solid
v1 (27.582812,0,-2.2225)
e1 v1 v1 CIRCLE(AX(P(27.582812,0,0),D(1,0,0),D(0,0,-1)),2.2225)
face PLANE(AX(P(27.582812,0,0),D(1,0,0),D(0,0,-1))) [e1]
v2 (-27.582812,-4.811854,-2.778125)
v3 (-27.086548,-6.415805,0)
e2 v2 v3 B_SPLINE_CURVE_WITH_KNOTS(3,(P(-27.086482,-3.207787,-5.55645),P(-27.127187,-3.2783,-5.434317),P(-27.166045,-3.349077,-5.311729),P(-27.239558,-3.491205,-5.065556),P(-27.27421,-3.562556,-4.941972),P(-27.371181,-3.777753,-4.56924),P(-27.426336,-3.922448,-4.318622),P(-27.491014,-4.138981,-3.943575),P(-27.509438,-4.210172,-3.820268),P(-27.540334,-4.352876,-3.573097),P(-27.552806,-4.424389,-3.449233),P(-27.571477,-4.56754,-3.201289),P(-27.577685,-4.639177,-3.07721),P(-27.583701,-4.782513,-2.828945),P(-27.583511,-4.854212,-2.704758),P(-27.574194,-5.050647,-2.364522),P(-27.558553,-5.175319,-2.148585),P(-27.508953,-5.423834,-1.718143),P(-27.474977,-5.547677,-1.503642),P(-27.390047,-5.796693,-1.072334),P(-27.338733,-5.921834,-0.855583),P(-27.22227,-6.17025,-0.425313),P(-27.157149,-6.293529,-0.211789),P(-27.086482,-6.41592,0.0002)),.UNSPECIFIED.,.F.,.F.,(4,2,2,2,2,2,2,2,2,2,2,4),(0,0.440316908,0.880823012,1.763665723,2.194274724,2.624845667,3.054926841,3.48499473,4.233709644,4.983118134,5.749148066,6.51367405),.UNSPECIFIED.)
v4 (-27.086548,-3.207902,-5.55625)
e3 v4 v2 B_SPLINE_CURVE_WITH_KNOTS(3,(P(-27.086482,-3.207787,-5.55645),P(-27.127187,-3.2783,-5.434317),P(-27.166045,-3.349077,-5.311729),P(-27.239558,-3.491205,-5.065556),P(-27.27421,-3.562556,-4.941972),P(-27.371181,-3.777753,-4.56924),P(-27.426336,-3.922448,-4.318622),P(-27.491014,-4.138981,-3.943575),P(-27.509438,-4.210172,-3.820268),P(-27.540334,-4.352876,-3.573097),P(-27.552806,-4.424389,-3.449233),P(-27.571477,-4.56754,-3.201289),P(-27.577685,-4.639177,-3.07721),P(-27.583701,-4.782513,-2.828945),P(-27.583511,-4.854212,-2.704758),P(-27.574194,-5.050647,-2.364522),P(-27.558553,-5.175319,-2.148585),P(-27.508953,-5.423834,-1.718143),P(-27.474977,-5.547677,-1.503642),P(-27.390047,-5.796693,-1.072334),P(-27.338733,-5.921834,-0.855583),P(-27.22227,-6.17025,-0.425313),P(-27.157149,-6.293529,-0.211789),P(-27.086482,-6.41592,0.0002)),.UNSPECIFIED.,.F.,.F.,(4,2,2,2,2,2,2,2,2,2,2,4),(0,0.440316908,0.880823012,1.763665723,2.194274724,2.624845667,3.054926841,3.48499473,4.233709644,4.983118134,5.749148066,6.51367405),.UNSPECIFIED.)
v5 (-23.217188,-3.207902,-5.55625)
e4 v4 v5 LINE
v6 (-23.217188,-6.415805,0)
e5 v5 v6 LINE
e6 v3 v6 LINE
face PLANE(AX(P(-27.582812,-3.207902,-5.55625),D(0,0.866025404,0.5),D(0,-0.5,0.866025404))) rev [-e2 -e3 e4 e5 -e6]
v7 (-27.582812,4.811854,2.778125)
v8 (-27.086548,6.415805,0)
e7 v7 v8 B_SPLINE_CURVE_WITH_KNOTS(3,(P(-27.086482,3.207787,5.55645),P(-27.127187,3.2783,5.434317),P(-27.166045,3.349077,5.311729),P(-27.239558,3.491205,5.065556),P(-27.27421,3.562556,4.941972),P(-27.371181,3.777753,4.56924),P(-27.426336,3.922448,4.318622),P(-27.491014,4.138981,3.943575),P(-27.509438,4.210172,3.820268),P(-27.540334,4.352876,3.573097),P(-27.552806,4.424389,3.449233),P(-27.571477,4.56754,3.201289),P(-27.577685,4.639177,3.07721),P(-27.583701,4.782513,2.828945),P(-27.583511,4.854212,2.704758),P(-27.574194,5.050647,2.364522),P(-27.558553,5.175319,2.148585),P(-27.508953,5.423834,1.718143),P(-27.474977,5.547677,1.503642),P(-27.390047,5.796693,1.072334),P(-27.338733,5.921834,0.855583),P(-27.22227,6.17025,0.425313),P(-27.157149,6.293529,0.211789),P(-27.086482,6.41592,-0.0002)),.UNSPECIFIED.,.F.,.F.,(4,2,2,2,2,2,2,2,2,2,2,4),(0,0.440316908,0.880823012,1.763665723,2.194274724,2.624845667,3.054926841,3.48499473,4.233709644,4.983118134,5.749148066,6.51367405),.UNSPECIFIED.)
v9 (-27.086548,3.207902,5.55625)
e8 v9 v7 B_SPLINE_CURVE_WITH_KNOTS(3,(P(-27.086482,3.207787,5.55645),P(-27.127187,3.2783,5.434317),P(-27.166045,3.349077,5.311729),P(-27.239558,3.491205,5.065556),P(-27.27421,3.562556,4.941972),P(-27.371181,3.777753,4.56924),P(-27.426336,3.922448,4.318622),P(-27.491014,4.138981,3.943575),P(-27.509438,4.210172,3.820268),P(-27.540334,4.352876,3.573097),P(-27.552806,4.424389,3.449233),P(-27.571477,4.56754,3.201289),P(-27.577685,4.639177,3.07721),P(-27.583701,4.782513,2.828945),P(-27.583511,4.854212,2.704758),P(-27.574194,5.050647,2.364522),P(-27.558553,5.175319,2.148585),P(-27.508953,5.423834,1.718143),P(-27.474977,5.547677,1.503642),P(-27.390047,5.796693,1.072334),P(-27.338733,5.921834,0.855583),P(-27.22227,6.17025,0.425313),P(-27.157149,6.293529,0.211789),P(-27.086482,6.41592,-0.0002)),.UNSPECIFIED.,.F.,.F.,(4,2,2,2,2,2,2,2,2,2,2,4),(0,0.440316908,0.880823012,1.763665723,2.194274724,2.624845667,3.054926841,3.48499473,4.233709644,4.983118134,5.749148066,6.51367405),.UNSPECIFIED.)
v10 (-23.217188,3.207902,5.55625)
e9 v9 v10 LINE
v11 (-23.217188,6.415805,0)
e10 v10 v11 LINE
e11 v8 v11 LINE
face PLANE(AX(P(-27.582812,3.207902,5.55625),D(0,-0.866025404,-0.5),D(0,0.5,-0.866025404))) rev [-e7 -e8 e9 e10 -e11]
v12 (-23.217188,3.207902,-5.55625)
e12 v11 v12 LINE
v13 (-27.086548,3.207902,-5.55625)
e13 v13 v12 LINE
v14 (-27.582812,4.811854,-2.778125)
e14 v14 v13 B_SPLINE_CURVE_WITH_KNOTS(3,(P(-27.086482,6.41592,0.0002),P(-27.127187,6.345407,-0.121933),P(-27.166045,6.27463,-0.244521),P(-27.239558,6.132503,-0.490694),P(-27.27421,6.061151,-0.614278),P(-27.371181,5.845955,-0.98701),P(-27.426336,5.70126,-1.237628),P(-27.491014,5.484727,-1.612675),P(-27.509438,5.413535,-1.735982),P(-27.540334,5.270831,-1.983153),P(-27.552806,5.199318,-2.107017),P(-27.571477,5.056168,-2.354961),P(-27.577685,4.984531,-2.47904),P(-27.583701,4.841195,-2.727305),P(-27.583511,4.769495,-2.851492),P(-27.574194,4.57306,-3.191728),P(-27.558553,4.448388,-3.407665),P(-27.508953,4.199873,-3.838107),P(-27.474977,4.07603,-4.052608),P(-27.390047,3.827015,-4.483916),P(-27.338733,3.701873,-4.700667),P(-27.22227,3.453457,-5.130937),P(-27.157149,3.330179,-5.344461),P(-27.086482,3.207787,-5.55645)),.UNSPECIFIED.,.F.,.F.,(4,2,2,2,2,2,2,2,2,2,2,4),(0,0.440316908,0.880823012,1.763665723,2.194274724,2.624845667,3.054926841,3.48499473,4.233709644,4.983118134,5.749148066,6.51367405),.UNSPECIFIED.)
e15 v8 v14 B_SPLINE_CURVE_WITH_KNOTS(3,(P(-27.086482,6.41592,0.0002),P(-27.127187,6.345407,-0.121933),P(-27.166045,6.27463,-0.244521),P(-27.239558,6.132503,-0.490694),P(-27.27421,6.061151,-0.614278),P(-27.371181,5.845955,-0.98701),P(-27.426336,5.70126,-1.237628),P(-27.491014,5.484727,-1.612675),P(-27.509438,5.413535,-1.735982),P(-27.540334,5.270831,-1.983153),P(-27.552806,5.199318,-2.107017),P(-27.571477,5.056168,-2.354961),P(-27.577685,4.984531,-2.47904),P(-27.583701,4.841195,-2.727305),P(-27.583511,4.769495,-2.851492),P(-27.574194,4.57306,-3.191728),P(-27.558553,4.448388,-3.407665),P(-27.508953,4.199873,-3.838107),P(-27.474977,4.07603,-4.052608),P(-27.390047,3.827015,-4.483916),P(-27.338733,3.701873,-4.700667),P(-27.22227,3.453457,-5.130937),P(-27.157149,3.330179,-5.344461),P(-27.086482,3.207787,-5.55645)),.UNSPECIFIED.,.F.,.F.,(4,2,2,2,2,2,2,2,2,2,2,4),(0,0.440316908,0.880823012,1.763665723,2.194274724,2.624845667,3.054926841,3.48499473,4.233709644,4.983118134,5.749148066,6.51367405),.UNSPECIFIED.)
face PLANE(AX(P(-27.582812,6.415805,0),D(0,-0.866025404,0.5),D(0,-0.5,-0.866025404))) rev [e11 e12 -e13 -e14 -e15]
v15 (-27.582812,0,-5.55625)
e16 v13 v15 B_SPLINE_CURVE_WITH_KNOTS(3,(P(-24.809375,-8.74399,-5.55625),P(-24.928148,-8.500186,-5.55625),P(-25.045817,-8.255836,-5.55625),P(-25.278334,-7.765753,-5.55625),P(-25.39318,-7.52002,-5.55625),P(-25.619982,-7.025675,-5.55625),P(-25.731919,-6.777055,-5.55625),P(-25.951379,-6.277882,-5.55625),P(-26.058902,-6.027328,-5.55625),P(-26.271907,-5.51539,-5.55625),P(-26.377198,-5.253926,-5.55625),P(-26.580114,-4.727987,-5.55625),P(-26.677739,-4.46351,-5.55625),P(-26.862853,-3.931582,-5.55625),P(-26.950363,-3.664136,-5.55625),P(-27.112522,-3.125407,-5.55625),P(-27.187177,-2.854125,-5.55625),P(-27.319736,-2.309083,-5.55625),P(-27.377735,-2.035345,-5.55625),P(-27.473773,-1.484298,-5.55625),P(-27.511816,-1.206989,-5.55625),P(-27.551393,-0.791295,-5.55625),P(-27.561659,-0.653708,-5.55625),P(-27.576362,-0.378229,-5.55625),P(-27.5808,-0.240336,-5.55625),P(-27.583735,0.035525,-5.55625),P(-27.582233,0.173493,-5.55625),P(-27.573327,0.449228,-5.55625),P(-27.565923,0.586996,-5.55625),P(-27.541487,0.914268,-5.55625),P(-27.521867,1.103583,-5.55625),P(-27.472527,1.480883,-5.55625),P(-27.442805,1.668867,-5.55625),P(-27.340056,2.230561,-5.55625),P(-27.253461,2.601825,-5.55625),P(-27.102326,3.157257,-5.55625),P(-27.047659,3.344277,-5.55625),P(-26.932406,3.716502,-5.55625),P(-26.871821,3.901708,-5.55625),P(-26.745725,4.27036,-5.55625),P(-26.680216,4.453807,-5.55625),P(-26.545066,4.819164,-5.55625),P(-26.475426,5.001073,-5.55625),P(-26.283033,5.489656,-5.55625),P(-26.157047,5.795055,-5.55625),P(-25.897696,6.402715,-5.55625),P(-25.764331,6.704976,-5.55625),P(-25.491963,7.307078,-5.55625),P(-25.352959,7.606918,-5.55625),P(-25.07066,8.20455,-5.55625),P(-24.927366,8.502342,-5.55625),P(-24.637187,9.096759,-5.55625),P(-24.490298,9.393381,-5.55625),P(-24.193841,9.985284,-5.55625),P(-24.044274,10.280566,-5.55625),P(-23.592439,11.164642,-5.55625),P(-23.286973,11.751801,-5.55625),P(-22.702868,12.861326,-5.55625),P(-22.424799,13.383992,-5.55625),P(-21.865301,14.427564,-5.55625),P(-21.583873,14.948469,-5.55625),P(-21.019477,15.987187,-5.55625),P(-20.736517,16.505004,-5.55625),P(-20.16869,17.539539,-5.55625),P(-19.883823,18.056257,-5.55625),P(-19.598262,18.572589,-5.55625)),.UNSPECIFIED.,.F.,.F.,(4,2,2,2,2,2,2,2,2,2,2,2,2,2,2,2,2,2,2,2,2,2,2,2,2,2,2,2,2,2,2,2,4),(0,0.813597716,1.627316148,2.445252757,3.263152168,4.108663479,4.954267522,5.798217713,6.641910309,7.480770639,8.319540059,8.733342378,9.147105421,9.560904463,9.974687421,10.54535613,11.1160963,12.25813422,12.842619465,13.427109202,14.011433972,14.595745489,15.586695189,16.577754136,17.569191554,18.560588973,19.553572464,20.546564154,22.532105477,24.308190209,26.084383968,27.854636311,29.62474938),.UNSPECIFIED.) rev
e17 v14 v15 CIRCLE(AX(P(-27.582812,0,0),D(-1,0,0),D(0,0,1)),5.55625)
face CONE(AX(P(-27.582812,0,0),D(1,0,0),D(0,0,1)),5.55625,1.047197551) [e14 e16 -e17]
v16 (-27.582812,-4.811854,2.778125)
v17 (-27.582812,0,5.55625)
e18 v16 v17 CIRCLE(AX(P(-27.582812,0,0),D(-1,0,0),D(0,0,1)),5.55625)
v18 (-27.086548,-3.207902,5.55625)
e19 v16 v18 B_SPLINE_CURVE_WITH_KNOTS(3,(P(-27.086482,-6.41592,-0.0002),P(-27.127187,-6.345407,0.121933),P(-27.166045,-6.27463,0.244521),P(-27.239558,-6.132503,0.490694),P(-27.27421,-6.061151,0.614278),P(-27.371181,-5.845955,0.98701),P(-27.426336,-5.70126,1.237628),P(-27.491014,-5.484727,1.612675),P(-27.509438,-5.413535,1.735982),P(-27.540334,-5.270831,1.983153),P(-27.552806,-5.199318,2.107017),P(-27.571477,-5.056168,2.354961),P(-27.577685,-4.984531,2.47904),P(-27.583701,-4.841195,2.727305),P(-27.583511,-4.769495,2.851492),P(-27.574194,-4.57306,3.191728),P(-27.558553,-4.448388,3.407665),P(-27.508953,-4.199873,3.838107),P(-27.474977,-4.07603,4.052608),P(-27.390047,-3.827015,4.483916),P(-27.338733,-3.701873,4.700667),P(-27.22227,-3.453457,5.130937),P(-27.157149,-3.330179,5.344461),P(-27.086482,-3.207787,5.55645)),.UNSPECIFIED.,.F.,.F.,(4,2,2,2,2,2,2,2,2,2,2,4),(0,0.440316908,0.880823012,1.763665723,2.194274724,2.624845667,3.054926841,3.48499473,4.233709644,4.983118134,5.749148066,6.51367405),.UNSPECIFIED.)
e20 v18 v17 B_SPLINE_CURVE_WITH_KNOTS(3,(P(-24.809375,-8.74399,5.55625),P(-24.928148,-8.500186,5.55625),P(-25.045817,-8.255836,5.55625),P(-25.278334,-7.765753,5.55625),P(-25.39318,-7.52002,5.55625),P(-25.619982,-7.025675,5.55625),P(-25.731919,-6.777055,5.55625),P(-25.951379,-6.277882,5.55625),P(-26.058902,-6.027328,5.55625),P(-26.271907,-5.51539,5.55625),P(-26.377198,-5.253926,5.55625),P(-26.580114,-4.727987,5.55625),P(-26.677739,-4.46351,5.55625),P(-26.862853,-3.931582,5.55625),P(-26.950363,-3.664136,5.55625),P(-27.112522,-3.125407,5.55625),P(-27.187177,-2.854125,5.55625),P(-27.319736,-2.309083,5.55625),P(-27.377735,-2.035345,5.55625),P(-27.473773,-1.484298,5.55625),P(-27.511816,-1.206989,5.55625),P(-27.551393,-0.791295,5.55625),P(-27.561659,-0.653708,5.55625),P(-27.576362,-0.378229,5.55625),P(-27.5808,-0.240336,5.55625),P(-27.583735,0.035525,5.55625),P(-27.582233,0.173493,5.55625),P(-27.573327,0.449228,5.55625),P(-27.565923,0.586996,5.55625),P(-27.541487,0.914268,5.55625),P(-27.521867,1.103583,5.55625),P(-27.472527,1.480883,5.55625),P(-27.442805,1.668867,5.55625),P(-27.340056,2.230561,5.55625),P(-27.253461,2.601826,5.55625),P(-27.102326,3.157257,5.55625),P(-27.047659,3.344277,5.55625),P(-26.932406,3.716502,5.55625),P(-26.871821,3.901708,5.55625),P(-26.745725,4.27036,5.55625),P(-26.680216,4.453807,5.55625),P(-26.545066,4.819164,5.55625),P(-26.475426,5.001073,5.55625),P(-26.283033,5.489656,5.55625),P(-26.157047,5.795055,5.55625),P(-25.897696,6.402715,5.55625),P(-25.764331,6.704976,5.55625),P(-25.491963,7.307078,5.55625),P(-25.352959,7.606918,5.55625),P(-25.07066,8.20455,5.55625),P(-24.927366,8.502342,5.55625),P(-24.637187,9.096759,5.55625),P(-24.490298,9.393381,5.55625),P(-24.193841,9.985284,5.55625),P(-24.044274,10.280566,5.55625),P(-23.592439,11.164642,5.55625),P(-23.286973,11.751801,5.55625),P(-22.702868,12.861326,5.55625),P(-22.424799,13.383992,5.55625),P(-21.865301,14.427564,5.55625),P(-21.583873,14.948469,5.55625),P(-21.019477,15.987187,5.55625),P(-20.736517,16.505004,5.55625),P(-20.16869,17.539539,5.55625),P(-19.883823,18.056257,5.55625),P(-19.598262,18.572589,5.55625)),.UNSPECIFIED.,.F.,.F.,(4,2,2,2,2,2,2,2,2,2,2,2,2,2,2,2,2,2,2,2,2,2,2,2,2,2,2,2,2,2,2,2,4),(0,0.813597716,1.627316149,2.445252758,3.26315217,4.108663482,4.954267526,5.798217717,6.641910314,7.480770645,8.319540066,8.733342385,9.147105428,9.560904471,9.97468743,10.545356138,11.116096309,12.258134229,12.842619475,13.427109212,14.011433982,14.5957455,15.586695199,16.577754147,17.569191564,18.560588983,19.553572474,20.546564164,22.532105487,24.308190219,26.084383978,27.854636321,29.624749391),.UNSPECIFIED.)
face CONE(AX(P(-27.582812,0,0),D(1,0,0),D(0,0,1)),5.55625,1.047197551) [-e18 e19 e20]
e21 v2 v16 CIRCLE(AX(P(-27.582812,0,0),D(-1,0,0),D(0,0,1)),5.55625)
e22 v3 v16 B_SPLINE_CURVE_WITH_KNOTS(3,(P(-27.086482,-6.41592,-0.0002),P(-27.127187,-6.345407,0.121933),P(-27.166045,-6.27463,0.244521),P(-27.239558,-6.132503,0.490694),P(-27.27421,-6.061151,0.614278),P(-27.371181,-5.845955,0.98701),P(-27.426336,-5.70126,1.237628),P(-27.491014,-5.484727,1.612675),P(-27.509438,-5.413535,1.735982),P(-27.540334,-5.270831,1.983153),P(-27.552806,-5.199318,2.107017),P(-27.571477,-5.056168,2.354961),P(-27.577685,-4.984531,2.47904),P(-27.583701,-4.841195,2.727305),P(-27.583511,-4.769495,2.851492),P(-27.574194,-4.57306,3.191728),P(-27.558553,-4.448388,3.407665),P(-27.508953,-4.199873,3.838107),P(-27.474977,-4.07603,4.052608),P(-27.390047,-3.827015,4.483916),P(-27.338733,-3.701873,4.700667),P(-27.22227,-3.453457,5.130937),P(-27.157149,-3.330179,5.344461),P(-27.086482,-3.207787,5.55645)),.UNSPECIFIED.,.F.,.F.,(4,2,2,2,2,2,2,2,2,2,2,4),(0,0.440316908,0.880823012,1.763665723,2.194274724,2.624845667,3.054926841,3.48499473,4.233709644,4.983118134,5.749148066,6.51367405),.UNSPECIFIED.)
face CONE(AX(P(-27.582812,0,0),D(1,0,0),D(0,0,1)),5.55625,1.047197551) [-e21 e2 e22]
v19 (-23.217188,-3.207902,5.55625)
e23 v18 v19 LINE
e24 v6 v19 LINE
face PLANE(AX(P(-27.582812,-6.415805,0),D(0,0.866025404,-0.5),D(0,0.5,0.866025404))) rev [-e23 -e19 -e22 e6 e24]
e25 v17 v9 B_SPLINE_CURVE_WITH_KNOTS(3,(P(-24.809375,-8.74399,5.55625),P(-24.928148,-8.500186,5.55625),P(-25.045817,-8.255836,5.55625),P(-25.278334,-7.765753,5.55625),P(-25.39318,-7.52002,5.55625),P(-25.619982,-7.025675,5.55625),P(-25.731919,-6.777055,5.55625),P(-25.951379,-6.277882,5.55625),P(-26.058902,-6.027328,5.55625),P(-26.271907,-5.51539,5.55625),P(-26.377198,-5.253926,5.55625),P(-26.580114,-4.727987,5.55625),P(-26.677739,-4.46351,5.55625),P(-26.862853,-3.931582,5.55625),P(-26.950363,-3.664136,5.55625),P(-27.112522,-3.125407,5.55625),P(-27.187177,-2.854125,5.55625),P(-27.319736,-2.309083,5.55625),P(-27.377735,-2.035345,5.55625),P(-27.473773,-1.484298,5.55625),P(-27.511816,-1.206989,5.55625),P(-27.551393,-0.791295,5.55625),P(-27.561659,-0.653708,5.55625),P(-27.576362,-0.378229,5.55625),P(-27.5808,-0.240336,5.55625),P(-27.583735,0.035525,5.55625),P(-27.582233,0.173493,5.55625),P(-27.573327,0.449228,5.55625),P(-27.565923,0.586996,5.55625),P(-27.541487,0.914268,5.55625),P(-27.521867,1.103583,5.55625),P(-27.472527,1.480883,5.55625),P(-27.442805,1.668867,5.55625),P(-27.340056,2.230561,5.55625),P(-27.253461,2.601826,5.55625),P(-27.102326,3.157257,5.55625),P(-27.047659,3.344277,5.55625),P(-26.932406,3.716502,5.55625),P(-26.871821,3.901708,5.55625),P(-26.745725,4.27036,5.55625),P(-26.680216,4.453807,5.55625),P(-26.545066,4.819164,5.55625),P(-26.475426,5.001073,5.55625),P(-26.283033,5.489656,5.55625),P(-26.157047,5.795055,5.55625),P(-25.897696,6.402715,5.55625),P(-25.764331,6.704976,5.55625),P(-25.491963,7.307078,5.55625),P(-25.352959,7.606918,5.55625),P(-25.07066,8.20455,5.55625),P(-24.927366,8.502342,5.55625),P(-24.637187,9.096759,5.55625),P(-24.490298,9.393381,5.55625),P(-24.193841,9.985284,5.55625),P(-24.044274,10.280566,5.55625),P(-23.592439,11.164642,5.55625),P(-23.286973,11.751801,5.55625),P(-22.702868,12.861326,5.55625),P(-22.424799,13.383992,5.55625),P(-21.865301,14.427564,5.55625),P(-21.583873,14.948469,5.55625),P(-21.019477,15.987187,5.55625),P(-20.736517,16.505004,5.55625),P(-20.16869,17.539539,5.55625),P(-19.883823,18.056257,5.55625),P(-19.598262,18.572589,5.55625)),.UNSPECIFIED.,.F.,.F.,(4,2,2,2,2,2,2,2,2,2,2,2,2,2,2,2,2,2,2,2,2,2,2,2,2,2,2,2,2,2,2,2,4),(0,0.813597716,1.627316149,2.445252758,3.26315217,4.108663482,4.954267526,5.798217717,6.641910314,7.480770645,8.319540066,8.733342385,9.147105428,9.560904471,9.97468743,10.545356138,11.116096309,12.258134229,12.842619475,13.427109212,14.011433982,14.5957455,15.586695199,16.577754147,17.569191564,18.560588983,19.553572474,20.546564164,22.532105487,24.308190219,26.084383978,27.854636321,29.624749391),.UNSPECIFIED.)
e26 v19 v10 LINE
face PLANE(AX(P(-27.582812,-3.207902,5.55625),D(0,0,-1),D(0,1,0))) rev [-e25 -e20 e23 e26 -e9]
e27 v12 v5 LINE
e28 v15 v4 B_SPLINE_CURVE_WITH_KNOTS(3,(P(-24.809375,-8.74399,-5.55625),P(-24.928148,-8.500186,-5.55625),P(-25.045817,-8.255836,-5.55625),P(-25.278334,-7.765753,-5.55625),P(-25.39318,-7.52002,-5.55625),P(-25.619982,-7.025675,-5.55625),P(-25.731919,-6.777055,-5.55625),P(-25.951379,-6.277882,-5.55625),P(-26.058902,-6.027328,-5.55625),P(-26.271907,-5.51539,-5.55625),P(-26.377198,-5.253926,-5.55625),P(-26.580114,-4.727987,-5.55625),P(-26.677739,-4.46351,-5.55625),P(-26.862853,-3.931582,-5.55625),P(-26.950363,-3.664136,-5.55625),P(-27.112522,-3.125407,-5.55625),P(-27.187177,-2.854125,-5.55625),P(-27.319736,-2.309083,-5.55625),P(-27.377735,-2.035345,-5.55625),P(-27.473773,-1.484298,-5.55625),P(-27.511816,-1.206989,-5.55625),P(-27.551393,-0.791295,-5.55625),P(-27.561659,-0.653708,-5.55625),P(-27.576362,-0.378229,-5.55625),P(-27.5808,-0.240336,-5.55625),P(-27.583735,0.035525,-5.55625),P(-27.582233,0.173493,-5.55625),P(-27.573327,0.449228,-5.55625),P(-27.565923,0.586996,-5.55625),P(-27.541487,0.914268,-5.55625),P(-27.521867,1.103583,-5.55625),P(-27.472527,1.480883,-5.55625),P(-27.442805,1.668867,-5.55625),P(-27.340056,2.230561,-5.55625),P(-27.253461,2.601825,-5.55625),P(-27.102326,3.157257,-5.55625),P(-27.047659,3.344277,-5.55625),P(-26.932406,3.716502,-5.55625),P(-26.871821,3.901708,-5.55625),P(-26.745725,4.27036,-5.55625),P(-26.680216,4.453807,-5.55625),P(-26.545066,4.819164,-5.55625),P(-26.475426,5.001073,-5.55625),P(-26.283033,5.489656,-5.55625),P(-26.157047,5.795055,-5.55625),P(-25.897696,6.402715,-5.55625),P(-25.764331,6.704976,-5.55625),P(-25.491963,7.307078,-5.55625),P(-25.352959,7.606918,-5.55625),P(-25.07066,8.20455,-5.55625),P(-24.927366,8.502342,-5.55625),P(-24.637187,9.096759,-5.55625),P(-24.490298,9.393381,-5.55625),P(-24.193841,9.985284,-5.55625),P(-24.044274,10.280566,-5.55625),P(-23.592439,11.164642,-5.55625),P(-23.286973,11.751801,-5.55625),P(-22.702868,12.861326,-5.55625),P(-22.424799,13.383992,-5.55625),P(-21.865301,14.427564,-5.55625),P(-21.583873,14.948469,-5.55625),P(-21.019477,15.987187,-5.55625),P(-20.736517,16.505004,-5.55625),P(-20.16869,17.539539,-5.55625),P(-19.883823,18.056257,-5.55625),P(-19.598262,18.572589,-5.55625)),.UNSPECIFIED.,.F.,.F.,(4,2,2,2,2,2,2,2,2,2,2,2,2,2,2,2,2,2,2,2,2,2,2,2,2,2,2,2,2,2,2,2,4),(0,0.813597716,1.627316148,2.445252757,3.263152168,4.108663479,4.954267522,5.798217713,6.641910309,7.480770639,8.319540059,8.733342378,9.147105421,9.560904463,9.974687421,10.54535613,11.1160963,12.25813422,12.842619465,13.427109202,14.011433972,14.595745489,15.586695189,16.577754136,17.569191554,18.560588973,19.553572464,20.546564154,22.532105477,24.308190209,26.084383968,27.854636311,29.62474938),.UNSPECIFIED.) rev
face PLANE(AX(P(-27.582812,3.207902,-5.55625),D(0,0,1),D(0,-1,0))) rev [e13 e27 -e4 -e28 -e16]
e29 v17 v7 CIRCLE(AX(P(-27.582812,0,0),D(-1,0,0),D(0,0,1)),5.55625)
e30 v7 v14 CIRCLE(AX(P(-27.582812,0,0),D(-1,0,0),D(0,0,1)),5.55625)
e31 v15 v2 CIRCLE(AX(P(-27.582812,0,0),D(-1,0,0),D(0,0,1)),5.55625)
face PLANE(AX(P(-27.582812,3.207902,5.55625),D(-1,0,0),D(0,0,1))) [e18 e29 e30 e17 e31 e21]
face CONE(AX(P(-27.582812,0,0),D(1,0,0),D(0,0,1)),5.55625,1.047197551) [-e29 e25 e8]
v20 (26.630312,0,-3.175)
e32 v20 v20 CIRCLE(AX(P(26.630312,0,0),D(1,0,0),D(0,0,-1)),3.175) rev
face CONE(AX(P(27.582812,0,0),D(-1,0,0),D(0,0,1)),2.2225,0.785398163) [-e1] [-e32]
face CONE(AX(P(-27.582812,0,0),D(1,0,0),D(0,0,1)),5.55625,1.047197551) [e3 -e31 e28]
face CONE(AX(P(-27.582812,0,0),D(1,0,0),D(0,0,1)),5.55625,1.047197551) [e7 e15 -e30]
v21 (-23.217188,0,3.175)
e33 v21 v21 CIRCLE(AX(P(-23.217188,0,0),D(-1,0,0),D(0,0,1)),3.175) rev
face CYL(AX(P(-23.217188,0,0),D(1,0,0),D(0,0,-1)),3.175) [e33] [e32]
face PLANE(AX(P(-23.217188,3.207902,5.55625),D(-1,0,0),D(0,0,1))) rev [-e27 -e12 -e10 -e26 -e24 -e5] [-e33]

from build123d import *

# Parameters (mm, degrees)
SKETCH5_R           = 3.175
BOSS_EXTRUDE3_DEPTH = 50.8
CHAMFER1_SIZE       = 0.9525
BOSS_EXTRUDE4_DEPTH = 4.365625
SKETCH8_OUTSIDE_W   = 221.468
SKETCH8_OUTSIDE_H   = 223.188
SKETCH8_OUTSIDE_R   = 5.55625
CUT_EXTRUDE3_DEPTH  = 56.814699209
CUT_EXTRUDE3_DRAFT  = -60


with BuildPart() as part:
    # Sketch5 → Boss-Extrude3 (new body)
    with BuildSketch(Plane(origin=(27.5828125, 0, 0), x_dir=(0, 0, -1), z_dir=(1, 0, 0))):
        Circle(SKETCH5_R)
    extrude(amount=-BOSS_EXTRUDE3_DEPTH)

    # Chamfer1
    chamfer1_edges = [part.edges().sort_by_distance(p)[0] for p in [
        (27.5828125, 0, 3.175),
    ]]
    chamfer(chamfer1_edges, length=CHAMFER1_SIZE)

    # Sketch11 → Revolve1 (revolve)
    with BuildSketch(Plane.XY):
        Polygon((-23.2171875, 3.175), (-23.2171875, 0), (11.7078125, 0), (8.5328125, 3.175), align=None)
    revolve(axis=Axis((-23.2171875, 0, 0), (1, 0, 0)))

    # Sketch6 → Boss-Extrude4 (add)
    with BuildSketch(Plane.ZY.offset(23.2171875)):
        Polygon((5.55625, 3.207902433), (0, 6.415804866), (-5.55625, 3.207902433), (-5.55625, -3.207902433), (0, -6.415804866), (5.55625, -3.207902433), align=None)
    extrude(amount=BOSS_EXTRUDE4_DEPTH)


with BuildPart() as cut_extrude3_tool:
    # Sketch8 outside → Cut-Extrude3 (with draft: the straight prism first)
    with BuildSketch(Plane.ZY.offset(27.5828125)):
        Rectangle(SKETCH8_OUTSIDE_W, SKETCH8_OUTSIDE_H)
        Circle(SKETCH8_OUTSIDE_R, mode=Mode.SUBTRACT)
    extrude(amount=-CUT_EXTRUDE3_DEPTH)
    # Cut-Extrude3: the draft: its side faces are tilted about the plane it starts from
    cut_extrude3_sides = [cut_extrude3_tool.faces().sort_by_distance(p)[0] for p in [
        (0.824537104, -111.594, 0),
        (0.824537104, 0, 110.734),
        (0.824537104, 111.594, 0),
        (0.824537104, 0, -110.734),
        (0.824537104, 0, -5.55625),
    ]]
    draft(cut_extrude3_sides, Plane.ZY.offset(27.5828125), CUT_EXTRUDE3_DRAFT)


with BuildPart() as part_1:
    add(part.part)

    # Cut-Extrude3: cut by cut_extrude3_tool
    add(cut_extrude3_tool.part, mode=Mode.SUBTRACT)


solid = part_1.part
